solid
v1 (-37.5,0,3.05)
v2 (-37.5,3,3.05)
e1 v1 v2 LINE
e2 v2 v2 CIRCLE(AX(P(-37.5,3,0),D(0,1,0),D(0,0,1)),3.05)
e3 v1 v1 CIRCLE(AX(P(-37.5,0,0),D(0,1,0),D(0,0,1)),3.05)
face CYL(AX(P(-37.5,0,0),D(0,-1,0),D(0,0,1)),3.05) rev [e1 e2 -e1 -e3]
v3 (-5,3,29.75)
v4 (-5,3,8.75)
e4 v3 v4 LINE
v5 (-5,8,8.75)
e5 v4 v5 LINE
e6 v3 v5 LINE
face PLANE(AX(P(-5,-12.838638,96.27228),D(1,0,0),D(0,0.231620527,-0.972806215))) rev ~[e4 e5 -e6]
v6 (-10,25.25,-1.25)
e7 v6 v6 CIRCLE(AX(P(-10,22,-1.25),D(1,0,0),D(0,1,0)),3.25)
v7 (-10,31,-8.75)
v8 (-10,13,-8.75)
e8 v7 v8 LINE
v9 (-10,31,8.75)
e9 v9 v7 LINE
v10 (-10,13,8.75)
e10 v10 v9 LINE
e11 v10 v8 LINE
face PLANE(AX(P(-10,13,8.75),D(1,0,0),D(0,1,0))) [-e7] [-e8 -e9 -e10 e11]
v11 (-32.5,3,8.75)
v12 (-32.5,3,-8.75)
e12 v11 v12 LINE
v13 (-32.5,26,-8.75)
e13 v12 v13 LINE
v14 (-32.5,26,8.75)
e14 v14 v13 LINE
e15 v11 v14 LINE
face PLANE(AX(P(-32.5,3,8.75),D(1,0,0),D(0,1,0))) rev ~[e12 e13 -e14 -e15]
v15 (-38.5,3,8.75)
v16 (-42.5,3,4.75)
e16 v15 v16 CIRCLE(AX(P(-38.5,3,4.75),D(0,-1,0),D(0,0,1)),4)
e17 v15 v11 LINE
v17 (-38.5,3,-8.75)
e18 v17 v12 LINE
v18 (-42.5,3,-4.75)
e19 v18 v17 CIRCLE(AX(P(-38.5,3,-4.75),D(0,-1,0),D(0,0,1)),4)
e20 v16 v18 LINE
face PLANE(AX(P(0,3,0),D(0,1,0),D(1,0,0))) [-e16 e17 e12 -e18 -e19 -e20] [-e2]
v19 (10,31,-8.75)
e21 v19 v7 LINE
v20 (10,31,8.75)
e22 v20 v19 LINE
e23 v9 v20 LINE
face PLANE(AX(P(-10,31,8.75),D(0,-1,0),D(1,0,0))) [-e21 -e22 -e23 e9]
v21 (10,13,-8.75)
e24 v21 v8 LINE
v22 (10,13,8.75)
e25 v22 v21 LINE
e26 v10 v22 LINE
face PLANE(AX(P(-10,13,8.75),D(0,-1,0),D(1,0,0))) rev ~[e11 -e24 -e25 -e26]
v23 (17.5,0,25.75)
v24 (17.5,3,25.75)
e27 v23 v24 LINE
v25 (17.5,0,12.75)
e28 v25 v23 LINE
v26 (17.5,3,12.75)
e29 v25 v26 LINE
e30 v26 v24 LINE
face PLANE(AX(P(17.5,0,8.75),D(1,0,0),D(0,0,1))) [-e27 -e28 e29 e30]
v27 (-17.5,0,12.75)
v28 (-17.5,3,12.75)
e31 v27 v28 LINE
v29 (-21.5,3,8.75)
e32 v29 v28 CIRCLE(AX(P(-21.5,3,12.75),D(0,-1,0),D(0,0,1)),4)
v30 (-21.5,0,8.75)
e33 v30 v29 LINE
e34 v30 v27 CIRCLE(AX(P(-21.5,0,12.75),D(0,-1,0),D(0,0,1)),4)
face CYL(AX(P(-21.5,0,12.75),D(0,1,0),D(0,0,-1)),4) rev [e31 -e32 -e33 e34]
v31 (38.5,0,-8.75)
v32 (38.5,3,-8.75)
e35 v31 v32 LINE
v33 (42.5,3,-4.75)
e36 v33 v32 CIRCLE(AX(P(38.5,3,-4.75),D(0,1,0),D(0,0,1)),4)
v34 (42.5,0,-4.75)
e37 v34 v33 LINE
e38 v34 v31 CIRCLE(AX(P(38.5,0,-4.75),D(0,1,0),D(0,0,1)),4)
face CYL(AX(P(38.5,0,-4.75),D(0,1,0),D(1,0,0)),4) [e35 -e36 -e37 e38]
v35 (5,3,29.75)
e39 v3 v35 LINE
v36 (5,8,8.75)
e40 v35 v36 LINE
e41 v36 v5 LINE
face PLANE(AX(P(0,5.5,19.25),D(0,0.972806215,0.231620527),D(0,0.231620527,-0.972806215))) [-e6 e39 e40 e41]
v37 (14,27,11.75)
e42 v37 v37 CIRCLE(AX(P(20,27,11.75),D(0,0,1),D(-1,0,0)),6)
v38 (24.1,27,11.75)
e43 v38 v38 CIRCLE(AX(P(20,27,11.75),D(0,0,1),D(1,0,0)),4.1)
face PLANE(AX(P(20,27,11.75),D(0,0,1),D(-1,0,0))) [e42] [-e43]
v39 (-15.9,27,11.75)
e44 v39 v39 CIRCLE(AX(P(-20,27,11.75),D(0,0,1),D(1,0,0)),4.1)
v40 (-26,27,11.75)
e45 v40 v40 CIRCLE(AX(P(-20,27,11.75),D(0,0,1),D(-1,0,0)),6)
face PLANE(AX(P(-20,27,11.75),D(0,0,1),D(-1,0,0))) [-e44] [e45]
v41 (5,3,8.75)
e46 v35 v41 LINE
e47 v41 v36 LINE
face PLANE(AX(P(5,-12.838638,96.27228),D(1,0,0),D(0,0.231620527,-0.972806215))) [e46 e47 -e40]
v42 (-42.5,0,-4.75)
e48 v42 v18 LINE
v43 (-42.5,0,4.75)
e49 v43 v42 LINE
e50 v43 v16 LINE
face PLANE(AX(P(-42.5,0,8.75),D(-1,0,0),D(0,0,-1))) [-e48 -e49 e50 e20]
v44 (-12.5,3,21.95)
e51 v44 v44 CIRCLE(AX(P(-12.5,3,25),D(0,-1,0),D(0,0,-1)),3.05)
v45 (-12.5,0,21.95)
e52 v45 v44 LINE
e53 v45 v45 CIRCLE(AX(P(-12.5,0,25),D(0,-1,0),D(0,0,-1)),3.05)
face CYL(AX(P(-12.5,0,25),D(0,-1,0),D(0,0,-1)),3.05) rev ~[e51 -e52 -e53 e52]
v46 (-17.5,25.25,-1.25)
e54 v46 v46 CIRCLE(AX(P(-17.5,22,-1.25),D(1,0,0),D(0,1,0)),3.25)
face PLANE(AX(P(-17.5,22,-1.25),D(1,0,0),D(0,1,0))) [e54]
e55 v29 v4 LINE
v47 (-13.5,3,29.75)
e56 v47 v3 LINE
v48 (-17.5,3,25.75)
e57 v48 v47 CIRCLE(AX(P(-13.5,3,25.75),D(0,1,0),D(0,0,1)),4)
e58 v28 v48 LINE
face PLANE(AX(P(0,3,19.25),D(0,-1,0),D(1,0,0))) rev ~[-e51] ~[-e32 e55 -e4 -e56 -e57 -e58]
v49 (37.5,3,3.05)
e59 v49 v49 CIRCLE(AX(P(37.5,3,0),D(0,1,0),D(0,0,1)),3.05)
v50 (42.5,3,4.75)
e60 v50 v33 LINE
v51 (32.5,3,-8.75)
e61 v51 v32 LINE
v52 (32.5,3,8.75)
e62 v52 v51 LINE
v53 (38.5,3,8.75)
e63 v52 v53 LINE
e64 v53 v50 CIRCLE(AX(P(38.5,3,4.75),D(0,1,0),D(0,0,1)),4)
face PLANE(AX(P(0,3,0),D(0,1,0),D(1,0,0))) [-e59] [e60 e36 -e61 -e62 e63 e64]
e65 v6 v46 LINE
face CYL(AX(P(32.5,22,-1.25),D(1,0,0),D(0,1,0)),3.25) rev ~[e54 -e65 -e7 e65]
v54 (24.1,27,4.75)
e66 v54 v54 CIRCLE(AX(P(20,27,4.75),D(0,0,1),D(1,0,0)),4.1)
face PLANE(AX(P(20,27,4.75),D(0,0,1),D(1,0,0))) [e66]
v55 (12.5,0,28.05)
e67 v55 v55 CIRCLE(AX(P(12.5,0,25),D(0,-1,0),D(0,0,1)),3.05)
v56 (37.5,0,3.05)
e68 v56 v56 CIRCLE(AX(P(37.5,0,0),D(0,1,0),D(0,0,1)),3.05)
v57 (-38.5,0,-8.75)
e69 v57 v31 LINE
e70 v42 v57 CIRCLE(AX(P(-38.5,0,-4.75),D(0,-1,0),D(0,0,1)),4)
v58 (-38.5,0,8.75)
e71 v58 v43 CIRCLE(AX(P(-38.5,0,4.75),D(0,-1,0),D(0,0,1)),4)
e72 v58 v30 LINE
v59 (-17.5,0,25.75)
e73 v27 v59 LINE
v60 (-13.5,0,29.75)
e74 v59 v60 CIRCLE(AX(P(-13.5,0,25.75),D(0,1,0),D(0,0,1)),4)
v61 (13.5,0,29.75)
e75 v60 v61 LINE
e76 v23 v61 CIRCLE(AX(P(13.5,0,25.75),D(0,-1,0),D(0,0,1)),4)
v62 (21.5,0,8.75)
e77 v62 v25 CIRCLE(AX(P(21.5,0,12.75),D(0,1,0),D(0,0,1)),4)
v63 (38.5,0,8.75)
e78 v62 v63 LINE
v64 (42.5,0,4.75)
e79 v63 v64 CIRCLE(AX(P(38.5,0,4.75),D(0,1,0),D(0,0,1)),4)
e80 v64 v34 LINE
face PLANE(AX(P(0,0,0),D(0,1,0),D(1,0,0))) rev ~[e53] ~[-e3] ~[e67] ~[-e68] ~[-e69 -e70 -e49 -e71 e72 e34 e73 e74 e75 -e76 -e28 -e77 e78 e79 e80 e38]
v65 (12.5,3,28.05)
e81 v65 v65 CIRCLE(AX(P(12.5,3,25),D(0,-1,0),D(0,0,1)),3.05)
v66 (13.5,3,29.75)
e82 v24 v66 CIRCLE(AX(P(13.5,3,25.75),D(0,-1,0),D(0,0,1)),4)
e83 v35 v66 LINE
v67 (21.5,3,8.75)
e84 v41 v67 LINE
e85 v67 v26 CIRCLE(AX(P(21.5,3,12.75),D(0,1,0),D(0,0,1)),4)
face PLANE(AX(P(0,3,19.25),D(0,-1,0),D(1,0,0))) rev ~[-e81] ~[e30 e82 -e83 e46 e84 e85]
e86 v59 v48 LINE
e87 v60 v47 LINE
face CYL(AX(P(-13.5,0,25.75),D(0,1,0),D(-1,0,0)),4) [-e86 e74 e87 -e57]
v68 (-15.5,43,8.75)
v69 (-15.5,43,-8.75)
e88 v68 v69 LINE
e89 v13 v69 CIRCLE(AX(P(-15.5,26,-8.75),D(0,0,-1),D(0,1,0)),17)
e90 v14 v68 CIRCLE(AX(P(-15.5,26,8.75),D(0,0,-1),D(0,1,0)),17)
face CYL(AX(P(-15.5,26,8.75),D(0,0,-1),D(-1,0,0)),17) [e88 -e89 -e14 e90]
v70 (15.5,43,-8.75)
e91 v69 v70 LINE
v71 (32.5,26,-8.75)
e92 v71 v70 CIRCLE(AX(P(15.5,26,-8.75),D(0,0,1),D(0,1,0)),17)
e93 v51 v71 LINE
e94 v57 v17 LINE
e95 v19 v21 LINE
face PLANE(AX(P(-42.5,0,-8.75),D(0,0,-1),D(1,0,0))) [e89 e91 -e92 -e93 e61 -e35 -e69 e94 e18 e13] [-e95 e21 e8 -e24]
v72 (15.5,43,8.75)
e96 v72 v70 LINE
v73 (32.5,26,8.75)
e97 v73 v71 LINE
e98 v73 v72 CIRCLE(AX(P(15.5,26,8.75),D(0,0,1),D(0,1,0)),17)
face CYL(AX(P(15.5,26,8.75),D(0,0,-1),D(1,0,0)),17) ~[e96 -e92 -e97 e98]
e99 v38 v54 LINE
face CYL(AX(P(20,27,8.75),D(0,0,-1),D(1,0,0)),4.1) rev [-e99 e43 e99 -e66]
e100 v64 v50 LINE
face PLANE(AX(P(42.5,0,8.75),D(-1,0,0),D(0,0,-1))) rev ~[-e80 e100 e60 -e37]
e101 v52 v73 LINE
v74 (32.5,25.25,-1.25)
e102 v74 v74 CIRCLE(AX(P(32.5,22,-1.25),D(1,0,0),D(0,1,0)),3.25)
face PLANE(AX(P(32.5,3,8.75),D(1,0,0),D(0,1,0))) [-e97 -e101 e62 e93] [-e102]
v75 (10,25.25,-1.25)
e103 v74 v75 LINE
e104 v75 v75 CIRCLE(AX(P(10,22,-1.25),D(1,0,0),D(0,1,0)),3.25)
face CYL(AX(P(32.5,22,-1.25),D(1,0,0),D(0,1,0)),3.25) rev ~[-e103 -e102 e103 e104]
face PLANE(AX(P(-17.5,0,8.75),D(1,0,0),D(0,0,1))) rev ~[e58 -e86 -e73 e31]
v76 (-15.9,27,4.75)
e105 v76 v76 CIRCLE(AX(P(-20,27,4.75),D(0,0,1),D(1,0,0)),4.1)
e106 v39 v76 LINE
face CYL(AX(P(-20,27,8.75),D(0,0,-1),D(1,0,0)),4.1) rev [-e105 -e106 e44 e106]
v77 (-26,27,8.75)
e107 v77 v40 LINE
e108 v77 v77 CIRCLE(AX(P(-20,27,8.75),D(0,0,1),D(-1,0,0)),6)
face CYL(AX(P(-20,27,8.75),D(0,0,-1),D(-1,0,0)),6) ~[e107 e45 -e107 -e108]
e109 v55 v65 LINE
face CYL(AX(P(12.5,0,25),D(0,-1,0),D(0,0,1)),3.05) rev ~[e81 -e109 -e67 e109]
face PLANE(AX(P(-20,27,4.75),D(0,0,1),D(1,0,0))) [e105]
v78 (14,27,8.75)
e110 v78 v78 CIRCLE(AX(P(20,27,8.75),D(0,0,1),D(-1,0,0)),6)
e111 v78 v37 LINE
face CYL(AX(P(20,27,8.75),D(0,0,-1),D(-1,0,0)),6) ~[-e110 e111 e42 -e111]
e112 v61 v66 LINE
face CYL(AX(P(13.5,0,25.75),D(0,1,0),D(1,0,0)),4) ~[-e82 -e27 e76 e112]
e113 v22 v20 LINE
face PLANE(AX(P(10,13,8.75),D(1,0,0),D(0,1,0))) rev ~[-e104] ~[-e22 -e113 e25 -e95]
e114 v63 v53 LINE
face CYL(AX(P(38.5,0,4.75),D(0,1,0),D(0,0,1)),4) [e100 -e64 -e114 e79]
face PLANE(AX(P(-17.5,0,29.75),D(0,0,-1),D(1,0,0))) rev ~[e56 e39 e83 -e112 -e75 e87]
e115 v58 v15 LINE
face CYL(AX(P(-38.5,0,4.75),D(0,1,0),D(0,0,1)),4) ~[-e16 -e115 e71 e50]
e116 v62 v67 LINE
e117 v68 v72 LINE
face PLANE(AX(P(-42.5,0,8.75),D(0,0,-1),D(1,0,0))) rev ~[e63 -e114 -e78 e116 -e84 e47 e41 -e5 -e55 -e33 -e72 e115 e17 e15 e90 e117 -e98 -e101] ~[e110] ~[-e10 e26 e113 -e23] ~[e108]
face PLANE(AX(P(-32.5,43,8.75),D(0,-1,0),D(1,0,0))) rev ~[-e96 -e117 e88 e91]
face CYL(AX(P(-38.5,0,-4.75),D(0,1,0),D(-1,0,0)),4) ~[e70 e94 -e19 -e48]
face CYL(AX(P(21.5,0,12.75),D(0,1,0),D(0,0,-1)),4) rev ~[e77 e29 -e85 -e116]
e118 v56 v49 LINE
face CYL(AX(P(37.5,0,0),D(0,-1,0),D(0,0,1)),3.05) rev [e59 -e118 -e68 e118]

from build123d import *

# Parameters (mm, degrees)
SKICA1_W                 = 85
SKICA1_H                 = 17.5
SKICA1_R                 = 3.05
P_IDAT_VYSUNUT_M1_DEPTH  = 3
SKICA3_W                 = 65
SKICA3_H                 = 40
P_IDAT_VYSUNUT_M2_DEPTH  = 17.5
ZAOBLIT2_R               = 17
SKICA4_R                 = 6
SKICA4_R_2               = 4.1
P_IDAT_VYSUNUT_M3_DEPTH  = 3
ODEBRAT_START            = -4
SKICA4_2_R               = 4.1
ODEBRAT_VYSUNUT_M1_DEPTH = 4
SKICA5_W                 = 20
SKICA5_H                 = 18
ODEBRAT_VYSUNUT_M2_DEPTH = 63.940448044
SKICA7_R                 = 3.25
ODEBRAT_VYSUNUT_M4_DEPTH = 50
SKICA8_W                 = 35
SKICA8_H                 = 21
SKICA8_R                 = 3.05
P_IDAT_VYSUNUT_M4_DEPTH  = 3
ZAOBLIT1_R               = 4
EBRO4_REACH              = 69.382
SKICA12_WALL_W           = 158.350715196
SKICA12_WALL_H           = 10


with BuildPart() as part:
    # Skica1 → P_idat vysunut_m1 (new body)
    with BuildSketch(Plane(origin=(0, 0, 0), x_dir=(1, 0, 0), z_dir=(0, 1, 0))):
        Rectangle(SKICA1_W, SKICA1_H)
        with Locations((-37.5, 0)):
            Circle(SKICA1_R, mode=Mode.SUBTRACT)
        with Locations((37.5, 0)):
            Circle(SKICA1_R, mode=Mode.SUBTRACT)
    extrude(amount=P_IDAT_VYSUNUT_M1_DEPTH)

    # Skica3 → P_idat vysunut_m2 (add)
    with BuildSketch(Plane.XY.offset(8.75)):
        with Locations((0, 23)):
            Rectangle(SKICA3_W, SKICA3_H)
    extrude(amount=-P_IDAT_VYSUNUT_M2_DEPTH)

    # Zaoblit2
    zaoblit2_edges = [part.edges().sort_by_distance(p)[0] for p in [
        (-32.5, 43, 0),
        (32.5, 43, 0),
    ]]
    fillet(zaoblit2_edges, radius=ZAOBLIT2_R)

    # Skica4 → P_idat vysunut_m3 (add)
    # profile 1 of 2: a face of its own
    with BuildSketch(Plane.XY.offset(8.75)):
        with Locations((-20, 27)):
            Circle(SKICA4_R)
        with Locations((-20, 27)):
            Circle(SKICA4_R_2, mode=Mode.SUBTRACT)
    # profile 2 of 2: a face of its own
    with BuildSketch(Plane.XY.offset(8.75)):
        with Locations((20, 27)):
            Circle(SKICA4_R)
        with Locations((20, 27)):
            Circle(SKICA4_R_2, mode=Mode.SUBTRACT)
    extrude(amount=P_IDAT_VYSUNUT_M3_DEPTH)

    # Skica4_2 → Odebrat vysunut_m1 (cut)
    with BuildSketch(Plane.XY.offset(8.75).offset(ODEBRAT_START)):
        with Locations((-20, 27)):
            Circle(SKICA4_2_R)
        with Locations((20, 27)):
            Circle(SKICA4_2_R)
    extrude(amount=ODEBRAT_VYSUNUT_M1_DEPTH, mode=Mode.SUBTRACT)

    # Skica5 → Odebrat vysunut_m2 (cut, through all)
    with BuildSketch(Plane.XY.offset(8.75)):
        with Locations((0, 22)):
            Rectangle(SKICA5_W, SKICA5_H)
    extrude(amount=-ODEBRAT_VYSUNUT_M2_DEPTH, mode=Mode.SUBTRACT)

    # Skica7 → Odebrat vysunut_m4 (cut)
    with BuildSketch(Plane(origin=(32.5, 0, 0), x_dir=(0, 0, -1), z_dir=(1, 0, 0))):
        with Locations((1.25, 22)):
            Circle(SKICA7_R)
    extrude(amount=-ODEBRAT_VYSUNUT_M4_DEPTH, mode=Mode.SUBTRACT)

    # Skica8 → P_idat vysunut_m4 (add)
    with BuildSketch(Plane.XZ):
        with Locations((0, 19.25)):
            Rectangle(SKICA8_W, SKICA8_H)
        with Locations((-12.5, 25)):
            Circle(SKICA8_R, mode=Mode.SUBTRACT)
        with Locations((12.5, 25)):
            Circle(SKICA8_R, mode=Mode.SUBTRACT)
    extrude(amount=-P_IDAT_VYSUNUT_M4_DEPTH)

    # Zaoblit1
    zaoblit1_edges = [part.edges().sort_by_distance(p)[0] for p in [
        (42.5, 1.5, 8.75),
        (42.5, 1.5, -8.75),
        (-42.5, 1.5, -8.75),
        (-42.5, 1.5, 8.75),
        (17.5, 1.5, 8.75),
        (-17.5, 1.5, 8.75),
        (-17.5, 1.5, 29.75),
        (17.5, 1.5, 29.75),
    ]]
    fillet(zaoblit1_edges, radius=ZAOBLIT1_R)

    # Skica12 wall → ebro4 (add, up to next)
    with BuildSketch(Plane(origin=(0, 5.5, 19.25), x_dir=(0, 0.231620527306, -0.972806214685), z_dir=(0, 0.972806214685, 0.231620527306)), mode=Mode.PRIVATE) as ebro4_sk1:
        Rectangle(SKICA12_WALL_W, SKICA12_WALL_H)
    ebro4_tool1 = extrude(ebro4_sk1.sketch, amount=-EBRO4_REACH, mode=Mode.PRIVATE) - part.part
    add(ebro4_tool1.solids().sort_by_distance((0, 5.5, 19.25))[0])


solid = part.part
